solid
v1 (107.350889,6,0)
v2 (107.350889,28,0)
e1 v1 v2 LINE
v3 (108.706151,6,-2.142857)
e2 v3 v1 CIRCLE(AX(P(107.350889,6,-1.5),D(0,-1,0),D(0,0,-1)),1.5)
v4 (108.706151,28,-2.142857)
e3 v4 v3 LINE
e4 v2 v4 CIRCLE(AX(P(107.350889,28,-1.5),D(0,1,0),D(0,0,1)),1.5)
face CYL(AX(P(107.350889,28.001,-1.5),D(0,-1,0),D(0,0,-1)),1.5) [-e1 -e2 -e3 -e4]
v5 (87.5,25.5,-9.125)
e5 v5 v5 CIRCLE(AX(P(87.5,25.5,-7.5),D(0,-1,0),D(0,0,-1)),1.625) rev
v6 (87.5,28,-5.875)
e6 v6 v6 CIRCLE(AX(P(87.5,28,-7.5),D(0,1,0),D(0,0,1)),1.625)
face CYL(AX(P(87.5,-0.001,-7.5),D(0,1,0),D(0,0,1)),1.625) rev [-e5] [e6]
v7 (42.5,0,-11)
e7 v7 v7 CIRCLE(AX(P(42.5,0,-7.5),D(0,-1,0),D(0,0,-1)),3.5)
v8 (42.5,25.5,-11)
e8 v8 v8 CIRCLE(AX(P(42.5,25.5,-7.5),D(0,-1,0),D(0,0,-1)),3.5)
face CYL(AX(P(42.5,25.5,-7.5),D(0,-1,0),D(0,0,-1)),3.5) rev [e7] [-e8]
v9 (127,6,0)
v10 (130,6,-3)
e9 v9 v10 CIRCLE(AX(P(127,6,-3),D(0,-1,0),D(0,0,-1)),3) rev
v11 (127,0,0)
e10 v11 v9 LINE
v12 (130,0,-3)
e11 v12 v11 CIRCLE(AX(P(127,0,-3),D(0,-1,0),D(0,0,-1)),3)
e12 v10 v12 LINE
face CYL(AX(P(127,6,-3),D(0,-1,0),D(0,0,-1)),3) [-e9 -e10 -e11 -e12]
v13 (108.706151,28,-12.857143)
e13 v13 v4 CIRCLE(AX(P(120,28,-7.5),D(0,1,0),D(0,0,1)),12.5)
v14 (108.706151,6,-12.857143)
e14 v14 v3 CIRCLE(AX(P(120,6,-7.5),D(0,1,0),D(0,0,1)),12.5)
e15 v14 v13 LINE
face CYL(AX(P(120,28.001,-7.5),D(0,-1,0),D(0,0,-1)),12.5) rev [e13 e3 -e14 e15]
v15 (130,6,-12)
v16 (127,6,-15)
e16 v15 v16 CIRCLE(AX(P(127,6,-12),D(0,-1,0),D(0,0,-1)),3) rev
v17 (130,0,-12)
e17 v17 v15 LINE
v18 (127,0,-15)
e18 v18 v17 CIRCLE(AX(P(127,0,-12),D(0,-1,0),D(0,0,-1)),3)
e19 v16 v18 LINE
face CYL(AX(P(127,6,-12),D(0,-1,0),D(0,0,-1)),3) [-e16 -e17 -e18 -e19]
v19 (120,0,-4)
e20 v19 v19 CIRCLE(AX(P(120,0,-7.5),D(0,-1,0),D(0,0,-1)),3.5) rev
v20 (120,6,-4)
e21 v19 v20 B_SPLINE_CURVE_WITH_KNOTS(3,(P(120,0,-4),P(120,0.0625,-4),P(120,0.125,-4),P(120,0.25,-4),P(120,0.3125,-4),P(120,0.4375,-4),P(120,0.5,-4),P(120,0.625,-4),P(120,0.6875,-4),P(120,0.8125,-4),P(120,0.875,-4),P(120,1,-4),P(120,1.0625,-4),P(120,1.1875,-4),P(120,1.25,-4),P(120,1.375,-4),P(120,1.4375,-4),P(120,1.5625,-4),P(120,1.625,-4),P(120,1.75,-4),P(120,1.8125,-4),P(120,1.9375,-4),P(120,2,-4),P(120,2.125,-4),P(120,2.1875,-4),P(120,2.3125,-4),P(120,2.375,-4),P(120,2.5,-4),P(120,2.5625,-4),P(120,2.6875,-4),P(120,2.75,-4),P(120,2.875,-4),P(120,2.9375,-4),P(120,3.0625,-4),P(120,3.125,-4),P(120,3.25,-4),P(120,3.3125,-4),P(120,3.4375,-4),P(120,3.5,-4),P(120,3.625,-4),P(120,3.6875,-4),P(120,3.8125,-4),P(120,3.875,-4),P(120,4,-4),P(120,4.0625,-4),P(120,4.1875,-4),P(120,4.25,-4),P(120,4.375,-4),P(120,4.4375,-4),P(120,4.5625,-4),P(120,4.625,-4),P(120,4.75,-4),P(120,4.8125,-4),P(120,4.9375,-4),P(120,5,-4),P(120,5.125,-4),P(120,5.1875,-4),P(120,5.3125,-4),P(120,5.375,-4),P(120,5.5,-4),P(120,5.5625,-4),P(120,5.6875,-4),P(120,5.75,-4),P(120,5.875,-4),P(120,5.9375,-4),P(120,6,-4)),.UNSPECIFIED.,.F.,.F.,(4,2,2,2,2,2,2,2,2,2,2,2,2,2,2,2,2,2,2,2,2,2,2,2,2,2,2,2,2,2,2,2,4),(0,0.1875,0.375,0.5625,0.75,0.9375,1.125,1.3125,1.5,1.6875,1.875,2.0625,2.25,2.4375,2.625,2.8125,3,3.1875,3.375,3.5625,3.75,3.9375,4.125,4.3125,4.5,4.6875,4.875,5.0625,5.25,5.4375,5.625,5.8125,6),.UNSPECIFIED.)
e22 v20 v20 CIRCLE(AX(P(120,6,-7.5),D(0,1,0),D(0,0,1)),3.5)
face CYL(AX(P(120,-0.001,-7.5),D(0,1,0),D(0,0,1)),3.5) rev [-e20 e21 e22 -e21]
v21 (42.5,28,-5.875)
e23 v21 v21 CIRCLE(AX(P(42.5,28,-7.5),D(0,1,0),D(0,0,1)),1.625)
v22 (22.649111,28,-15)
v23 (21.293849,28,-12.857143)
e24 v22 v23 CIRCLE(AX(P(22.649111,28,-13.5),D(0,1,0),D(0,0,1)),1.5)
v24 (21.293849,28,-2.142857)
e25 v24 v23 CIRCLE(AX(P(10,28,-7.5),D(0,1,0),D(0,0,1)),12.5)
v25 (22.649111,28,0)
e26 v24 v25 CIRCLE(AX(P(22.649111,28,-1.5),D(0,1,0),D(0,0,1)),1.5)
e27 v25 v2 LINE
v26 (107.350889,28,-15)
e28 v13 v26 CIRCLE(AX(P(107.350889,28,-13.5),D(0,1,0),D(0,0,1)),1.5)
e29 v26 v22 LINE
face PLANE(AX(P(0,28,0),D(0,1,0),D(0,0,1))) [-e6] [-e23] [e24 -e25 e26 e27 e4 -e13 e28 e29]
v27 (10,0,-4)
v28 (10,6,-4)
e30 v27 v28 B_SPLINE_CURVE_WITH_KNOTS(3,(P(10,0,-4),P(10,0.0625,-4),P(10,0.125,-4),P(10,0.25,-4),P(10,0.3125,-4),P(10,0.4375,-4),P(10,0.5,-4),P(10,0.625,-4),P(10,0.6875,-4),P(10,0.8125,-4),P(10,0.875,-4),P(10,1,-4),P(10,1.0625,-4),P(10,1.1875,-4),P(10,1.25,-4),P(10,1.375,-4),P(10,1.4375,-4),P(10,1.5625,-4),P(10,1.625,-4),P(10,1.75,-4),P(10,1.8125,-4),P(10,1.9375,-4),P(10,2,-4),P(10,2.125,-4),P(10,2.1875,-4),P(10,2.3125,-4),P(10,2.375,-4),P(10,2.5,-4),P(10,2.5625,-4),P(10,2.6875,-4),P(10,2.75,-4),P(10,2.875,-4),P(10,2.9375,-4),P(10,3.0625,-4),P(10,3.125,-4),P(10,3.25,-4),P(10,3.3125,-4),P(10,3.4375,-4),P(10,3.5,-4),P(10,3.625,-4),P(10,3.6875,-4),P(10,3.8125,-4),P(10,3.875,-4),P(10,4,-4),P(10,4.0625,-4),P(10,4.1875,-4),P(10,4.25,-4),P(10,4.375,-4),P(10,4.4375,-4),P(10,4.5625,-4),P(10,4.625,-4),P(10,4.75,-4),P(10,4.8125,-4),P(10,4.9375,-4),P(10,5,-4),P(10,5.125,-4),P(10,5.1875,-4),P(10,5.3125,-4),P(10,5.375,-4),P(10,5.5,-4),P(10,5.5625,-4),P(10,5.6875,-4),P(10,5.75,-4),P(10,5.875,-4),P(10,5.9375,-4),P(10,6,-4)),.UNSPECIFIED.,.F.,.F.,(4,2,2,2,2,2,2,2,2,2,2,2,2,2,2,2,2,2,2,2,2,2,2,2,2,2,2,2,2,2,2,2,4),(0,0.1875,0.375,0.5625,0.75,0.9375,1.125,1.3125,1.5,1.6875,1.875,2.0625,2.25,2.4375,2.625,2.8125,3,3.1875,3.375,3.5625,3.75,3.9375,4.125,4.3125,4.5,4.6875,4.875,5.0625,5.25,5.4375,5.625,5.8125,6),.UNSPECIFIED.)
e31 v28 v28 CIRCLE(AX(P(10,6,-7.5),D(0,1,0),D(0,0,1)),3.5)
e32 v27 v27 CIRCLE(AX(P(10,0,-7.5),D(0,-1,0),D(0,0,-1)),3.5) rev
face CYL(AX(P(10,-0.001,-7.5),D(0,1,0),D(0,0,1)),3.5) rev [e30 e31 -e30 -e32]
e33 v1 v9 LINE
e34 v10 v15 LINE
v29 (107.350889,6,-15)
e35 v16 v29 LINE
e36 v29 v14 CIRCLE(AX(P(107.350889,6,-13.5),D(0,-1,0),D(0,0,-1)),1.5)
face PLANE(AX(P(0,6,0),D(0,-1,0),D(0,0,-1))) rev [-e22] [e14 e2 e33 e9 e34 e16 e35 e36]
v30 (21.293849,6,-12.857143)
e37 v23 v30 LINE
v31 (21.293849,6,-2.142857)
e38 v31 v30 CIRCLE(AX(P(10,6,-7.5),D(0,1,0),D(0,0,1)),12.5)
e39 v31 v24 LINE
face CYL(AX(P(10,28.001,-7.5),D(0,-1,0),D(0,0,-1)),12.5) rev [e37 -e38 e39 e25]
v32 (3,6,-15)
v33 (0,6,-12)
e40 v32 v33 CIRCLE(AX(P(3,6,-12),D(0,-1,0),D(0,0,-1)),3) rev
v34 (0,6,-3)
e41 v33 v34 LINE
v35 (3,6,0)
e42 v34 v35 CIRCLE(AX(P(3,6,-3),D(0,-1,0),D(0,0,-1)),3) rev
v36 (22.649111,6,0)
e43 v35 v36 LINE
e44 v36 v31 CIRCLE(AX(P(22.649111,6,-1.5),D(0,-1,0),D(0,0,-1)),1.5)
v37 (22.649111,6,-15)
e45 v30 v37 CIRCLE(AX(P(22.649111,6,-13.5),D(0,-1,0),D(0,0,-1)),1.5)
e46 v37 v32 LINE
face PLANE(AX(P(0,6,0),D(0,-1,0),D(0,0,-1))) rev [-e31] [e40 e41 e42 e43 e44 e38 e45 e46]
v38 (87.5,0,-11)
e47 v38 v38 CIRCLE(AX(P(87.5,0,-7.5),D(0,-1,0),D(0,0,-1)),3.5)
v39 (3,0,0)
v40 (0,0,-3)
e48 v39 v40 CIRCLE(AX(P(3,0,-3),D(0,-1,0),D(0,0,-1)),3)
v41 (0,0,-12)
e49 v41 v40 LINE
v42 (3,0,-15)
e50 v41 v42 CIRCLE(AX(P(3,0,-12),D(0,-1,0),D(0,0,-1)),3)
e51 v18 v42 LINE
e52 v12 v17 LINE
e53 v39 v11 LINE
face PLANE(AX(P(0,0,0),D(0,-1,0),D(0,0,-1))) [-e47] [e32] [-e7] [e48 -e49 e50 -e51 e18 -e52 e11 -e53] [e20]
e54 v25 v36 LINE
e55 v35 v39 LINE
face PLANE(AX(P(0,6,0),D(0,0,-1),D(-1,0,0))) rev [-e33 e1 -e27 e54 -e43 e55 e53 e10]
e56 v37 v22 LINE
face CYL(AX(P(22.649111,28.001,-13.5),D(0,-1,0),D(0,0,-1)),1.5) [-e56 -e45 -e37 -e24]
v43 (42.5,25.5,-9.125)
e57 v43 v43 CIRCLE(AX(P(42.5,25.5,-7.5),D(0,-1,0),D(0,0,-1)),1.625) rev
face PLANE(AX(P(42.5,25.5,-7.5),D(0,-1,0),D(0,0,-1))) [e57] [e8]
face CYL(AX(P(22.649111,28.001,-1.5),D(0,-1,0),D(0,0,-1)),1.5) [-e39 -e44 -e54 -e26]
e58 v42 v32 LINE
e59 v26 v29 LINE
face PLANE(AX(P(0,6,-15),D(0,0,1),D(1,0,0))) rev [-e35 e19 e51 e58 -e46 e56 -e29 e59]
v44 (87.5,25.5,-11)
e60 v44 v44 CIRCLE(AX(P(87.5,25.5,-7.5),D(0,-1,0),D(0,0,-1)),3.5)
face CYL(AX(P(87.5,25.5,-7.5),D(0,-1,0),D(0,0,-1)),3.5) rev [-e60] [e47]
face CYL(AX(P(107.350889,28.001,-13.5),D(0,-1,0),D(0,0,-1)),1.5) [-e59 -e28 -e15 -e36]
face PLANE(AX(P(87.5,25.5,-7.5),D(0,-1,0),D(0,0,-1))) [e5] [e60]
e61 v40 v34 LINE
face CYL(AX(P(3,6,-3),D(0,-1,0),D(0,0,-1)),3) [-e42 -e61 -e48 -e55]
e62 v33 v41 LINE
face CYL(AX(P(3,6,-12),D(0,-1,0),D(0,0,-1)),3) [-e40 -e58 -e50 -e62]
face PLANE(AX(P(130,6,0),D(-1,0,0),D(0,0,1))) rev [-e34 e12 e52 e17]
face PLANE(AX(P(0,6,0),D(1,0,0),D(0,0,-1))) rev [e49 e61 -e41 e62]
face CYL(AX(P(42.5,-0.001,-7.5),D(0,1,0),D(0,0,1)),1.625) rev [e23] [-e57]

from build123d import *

# Parameters (mm, degrees)
SKETCH1_W           = 130
SKETCH1_H           = 15
BOSS_EXTRUDE1_DEPTH = 6
SKETCH2_W           = 90
SKETCH2_H           = 15
BOSS_EXTRUDE2_DEPTH = 22
CUT_EXTRUDE1_REACH  = 134.699
SKETCH3_R           = 3.5
CUT_EXTRUDE2_REACH  = 134.699
SKETCH4_R           = 12.5
CUT_EXTRUDE3_REACH  = 135.825
SKETCH5_R           = 1.625
SKETCH6_R           = 3.5
CUT_EXTRUDE4_DEPTH  = 25.5
FILLET1_R           = 3
FILLET3_R           = 1.5


with BuildPart() as part:
    # Sketch1 → Boss-Extrude1 (new body)
    with BuildSketch(Plane(origin=(0, 0, 0), x_dir=(1, 0, 0), z_dir=(0, 1, 0))):
        with Locations((65, 7.5)):
            Rectangle(SKETCH1_W, SKETCH1_H)
    extrude(amount=BOSS_EXTRUDE1_DEPTH)

    # Sketch2 → Boss-Extrude2 (add)
    with BuildSketch(Plane(origin=(0, 6, 0), x_dir=(1, 0, 0), z_dir=(0, 1, 0))):
        with Locations((65, 7.5)):
            Rectangle(SKETCH2_W, SKETCH2_H)
    extrude(amount=BOSS_EXTRUDE2_DEPTH)

    # Sketch3 → Cut-Extrude1 (cut, up to next)
    with BuildSketch(Plane(origin=(0, 6, 0), x_dir=(1, 0, 0), z_dir=(0, 1, 0)), mode=Mode.PRIVATE) as cut_extrude1_sk1:
        with Locations(Location((10, 7.5, 0), (0, 0, 270))):
            Circle(SKETCH3_R)
    cut_extrude1_tool1 = extrude(cut_extrude1_sk1.sketch, amount=-CUT_EXTRUDE1_REACH, mode=Mode.PRIVATE) & part.part
    # Sketch3 → Cut-Extrude1 (cut, up to next)
    with BuildSketch(Plane(origin=(0, 6, 0), x_dir=(1, 0, 0), z_dir=(0, 1, 0)), mode=Mode.PRIVATE) as cut_extrude1_sk2:
        with Locations(Location((120, 7.5, 0), (0, 0, 270))):
            Circle(SKETCH3_R)
    cut_extrude1_tool2 = extrude(cut_extrude1_sk2.sketch, amount=-CUT_EXTRUDE1_REACH, mode=Mode.PRIVATE) & part.part
    add(cut_extrude1_tool1.solids().sort_by_distance((10, 6, -7.5))[0], mode=Mode.SUBTRACT)
    add(cut_extrude1_tool2.solids().sort_by_distance((120, 6, -7.5))[0], mode=Mode.SUBTRACT)

    # Sketch4 → Cut-Extrude2 (cut, up to next)
    with BuildSketch(Plane(origin=(0, 6, 0), x_dir=(1, 0, 0), z_dir=(0, 1, 0)), mode=Mode.PRIVATE) as cut_extrude2_sk1:
        with Locations((10, 7.5)):
            Circle(SKETCH4_R)
    cut_extrude2_tool1 = extrude(cut_extrude2_sk1.sketch, amount=CUT_EXTRUDE2_REACH, mode=Mode.PRIVATE) & part.part
    # Sketch4 → Cut-Extrude2 (cut, up to next)
    with BuildSketch(Plane(origin=(0, 6, 0), x_dir=(1, 0, 0), z_dir=(0, 1, 0)), mode=Mode.PRIVATE) as cut_extrude2_sk2:
        with Locations((120, 7.5)):
            Circle(SKETCH4_R)
    cut_extrude2_tool2 = extrude(cut_extrude2_sk2.sketch, amount=CUT_EXTRUDE2_REACH, mode=Mode.PRIVATE) & part.part
    add(cut_extrude2_tool1.solids().sort_by_distance((10, 6, -7.5))[0], mode=Mode.SUBTRACT)
    add(cut_extrude2_tool2.solids().sort_by_distance((120, 6, -7.5))[0], mode=Mode.SUBTRACT)

    # Sketch5 → Cut-Extrude3 (cut, up to next)
    with BuildSketch(Plane(origin=(0, 28, 0), x_dir=(1, 0, 0), z_dir=(0, 1, 0)), mode=Mode.PRIVATE) as cut_extrude3_sk1:
        with Locations(Location((42.5, 7.5, 0), (0, 0, 270))):
            Circle(SKETCH5_R)
    cut_extrude3_tool1 = extrude(cut_extrude3_sk1.sketch, amount=-CUT_EXTRUDE3_REACH, mode=Mode.PRIVATE) & part.part
    # Sketch5 → Cut-Extrude3 (cut, up to next)
    with BuildSketch(Plane(origin=(0, 28, 0), x_dir=(1, 0, 0), z_dir=(0, 1, 0)), mode=Mode.PRIVATE) as cut_extrude3_sk2:
        with Locations(Location((87.5, 7.5, 0), (0, 0, 270))):
            Circle(SKETCH5_R)
    cut_extrude3_tool2 = extrude(cut_extrude3_sk2.sketch, amount=-CUT_EXTRUDE3_REACH, mode=Mode.PRIVATE) & part.part
    add(cut_extrude3_tool1.solids().sort_by_distance((42.5, 28, -7.5))[0], mode=Mode.SUBTRACT)
    add(cut_extrude3_tool2.solids().sort_by_distance((87.5, 28, -7.5))[0], mode=Mode.SUBTRACT)

    # Sketch6 → Cut-Extrude4 (cut)
    with BuildSketch(Plane.XZ):
        with Locations(Location((42.5, -7.5, 0), (0, 0, 270))):
            Circle(SKETCH6_R)
        with Locations(Location((87.5, -7.5, 0), (0, 0, 270))):
            Circle(SKETCH6_R)
    extrude(amount=-CUT_EXTRUDE4_DEPTH, mode=Mode.SUBTRACT)

    # Fillet1
    fillet1_edges = [part.edges().sort_by_distance(p)[0] for p in [
        (0, 3, -15),
        (130, 3, -15),
        (130, 3, 0),
        (0, 3, 0),
    ]]
    fillet(fillet1_edges, radius=FILLET1_R)

    # Fillet3
    fillet3_edges = [part.edges().sort_by_distance(p)[0] for p in [
        (20, 17, -15),
        (20, 17, 0),
        (110, 17, 0),
        (110, 17, -15),
    ]]
    fillet(fillet3_edges, radius=FILLET3_R)


solid = part.part
